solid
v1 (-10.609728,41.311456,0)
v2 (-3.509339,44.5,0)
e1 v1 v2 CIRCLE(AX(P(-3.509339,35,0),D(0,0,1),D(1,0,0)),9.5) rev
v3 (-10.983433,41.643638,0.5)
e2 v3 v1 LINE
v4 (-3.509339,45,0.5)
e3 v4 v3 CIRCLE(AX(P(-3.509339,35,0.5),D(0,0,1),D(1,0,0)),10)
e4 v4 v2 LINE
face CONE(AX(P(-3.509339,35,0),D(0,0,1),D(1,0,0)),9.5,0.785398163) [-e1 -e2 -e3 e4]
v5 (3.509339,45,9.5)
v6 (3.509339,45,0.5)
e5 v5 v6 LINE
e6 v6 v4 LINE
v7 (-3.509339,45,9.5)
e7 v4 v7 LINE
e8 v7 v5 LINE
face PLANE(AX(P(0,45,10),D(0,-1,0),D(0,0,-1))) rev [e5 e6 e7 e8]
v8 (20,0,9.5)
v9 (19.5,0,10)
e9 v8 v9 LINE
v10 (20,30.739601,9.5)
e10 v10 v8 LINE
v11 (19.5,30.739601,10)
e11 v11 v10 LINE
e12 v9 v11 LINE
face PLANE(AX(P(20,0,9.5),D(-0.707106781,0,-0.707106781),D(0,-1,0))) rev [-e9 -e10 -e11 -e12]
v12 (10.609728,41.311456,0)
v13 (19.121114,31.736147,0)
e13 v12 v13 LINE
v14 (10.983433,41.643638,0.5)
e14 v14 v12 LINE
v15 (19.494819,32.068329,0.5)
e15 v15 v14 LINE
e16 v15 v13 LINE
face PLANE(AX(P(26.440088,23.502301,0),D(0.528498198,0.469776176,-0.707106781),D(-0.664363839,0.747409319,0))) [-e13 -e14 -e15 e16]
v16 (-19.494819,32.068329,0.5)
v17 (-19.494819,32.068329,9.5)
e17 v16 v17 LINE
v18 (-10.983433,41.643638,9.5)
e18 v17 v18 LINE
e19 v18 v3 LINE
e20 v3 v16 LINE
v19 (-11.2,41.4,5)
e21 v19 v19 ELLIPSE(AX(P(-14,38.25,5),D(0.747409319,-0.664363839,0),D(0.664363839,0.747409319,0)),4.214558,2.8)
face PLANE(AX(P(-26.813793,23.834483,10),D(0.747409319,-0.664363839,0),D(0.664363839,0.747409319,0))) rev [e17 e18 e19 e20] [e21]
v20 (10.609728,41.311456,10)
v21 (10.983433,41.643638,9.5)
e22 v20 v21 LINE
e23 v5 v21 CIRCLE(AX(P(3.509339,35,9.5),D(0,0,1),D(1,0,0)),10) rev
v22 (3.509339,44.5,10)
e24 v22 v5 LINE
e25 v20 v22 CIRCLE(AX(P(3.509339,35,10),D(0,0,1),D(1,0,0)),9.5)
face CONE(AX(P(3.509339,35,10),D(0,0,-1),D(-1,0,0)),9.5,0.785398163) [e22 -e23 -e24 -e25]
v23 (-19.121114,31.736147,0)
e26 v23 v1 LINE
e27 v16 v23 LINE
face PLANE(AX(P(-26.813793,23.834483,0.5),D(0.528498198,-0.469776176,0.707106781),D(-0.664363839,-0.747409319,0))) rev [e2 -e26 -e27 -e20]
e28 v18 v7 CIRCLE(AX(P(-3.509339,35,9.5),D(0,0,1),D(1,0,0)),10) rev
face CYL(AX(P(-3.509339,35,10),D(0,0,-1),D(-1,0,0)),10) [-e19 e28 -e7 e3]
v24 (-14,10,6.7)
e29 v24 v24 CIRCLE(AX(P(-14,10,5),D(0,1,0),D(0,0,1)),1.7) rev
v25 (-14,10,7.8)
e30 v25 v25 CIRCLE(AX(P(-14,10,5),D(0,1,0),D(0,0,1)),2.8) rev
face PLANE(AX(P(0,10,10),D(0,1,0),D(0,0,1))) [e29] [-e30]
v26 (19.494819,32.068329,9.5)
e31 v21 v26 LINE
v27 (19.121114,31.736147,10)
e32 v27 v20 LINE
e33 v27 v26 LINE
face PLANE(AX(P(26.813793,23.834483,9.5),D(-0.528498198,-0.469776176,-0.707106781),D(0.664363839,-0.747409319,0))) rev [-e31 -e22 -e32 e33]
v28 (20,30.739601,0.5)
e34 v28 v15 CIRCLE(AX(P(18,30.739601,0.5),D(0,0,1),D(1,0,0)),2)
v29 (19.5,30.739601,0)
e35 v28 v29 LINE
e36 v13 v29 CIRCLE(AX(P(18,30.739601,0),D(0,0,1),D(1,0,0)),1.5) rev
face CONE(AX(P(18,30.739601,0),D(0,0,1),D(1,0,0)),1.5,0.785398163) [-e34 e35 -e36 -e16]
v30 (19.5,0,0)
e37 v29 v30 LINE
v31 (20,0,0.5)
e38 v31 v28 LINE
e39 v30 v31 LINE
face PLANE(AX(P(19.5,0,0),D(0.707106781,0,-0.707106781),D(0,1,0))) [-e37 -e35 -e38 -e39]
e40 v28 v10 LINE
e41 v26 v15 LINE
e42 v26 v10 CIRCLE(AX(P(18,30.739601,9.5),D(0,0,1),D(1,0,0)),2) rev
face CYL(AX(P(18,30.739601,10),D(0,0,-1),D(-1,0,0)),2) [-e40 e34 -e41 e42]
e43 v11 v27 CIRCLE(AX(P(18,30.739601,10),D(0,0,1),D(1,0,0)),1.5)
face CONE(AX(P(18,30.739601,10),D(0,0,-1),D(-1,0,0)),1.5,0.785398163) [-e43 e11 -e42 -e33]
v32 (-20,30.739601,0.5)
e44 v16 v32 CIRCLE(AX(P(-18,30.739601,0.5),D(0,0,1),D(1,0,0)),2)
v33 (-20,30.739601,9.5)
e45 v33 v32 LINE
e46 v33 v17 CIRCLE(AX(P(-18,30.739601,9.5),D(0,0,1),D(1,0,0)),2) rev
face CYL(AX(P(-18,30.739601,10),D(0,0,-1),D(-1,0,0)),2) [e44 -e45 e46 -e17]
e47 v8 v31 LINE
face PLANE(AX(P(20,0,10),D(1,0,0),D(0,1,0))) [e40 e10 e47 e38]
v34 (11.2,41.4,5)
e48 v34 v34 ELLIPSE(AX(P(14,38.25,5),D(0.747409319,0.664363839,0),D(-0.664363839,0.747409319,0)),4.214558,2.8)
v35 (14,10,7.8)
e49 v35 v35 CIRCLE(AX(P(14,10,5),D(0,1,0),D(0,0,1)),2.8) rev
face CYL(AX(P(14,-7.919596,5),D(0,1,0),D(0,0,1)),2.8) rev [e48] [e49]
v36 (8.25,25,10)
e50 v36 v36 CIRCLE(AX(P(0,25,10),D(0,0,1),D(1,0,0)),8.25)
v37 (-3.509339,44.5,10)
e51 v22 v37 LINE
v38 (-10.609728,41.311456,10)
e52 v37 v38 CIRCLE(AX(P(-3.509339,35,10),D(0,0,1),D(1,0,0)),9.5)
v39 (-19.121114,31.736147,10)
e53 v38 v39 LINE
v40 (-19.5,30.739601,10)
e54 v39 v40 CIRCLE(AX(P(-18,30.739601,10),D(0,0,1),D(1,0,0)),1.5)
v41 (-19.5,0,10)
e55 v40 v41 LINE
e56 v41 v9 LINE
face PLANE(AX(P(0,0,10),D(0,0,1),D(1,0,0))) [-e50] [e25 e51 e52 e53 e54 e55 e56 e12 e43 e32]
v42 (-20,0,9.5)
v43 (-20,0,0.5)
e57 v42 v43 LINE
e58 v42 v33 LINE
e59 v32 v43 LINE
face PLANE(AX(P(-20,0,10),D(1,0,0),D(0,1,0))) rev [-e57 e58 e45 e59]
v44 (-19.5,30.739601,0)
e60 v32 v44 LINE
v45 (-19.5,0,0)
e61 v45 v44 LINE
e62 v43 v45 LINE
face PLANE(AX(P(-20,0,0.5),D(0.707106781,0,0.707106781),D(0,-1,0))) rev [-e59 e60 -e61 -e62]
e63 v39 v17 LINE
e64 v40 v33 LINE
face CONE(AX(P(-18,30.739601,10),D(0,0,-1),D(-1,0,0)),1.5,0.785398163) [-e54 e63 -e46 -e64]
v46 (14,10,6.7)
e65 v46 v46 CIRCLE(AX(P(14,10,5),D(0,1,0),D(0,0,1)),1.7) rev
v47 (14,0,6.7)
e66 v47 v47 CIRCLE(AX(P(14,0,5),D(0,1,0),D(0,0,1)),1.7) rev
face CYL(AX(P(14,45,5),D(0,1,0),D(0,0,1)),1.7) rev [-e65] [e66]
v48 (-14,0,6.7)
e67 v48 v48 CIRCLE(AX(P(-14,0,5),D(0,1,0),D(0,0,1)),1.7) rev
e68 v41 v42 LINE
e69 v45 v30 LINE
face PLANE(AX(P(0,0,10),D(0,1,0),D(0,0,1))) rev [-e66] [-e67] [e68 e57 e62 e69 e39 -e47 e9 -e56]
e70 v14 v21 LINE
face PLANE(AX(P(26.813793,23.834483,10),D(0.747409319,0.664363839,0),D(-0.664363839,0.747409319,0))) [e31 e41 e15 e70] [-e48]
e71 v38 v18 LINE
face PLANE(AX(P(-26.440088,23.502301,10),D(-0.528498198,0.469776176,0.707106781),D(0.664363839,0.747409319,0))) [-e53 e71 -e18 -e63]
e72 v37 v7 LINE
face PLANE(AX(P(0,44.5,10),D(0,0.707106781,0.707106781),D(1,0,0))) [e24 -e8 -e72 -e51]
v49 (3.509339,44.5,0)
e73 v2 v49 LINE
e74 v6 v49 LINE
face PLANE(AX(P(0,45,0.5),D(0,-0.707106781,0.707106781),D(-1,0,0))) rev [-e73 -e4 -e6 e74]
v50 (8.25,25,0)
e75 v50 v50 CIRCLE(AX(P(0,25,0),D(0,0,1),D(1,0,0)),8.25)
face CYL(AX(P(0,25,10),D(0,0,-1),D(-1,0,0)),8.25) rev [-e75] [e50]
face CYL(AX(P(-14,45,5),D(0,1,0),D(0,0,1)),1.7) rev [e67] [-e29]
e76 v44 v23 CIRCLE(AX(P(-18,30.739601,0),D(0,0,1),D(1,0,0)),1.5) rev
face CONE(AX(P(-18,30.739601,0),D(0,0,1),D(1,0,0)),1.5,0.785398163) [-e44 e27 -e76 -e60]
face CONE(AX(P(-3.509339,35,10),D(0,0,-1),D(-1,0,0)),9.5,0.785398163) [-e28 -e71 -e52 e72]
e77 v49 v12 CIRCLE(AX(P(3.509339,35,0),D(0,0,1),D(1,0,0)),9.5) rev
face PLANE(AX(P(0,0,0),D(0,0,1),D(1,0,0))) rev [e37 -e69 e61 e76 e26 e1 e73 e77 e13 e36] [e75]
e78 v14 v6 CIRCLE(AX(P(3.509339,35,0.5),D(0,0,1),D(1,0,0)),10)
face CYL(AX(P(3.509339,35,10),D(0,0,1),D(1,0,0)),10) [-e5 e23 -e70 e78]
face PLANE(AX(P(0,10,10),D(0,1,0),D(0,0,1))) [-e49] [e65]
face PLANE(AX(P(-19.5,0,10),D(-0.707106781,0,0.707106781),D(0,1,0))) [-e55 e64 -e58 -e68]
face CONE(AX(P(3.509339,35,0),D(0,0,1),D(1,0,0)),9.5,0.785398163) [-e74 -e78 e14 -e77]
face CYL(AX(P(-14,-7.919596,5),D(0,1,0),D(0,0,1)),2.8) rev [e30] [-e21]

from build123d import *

# Parameters (mm, degrees)
SKETCH1_R            = 8.25
BOSS_EXTRUDE1_DEPTH  = 10
M3_CLEARANCE_HOLE1_D = 3.4
SKETCH2_R            = 2.8
CUT_EXTRUDE1_DEPTH   = 35
FILLET1_R            = 10
FILLET2_R            = 2
CHAMFER1_SIZE        = 0.5


with BuildPart() as part:
    # Sketch1 → Boss-Extrude1 (new body)
    with BuildSketch(Plane.XY):
        Polygon((8, 45), (-8, 45), (-20, 31.5), (-20, 0), (20, 0), (20, 31.5), align=None)
        with Locations((0, 25)):
            Circle(SKETCH1_R, mode=Mode.SUBTRACT)
    extrude(amount=BOSS_EXTRUDE1_DEPTH)

    # M3 Clearance Hole1 (through all)
    with Locations(Plane(origin=(-14, 45, 5), x_dir=(0, 0, 1), z_dir=(0, 1, 0))):
        with Locations((0, 0), (0, 28)):
            Hole(M3_CLEARANCE_HOLE1_D / 2)

    # Sketch2 → Cut-Extrude1 (cut)
    with BuildSketch(Plane(origin=(0, 45, 0), x_dir=(1, 0, 0), z_dir=(0, 1, 0))):
        with Locations((14, -5)):
            Circle(SKETCH2_R)
        with Locations((-14, -5)):
            Circle(SKETCH2_R)
    extrude(amount=-CUT_EXTRUDE1_DEPTH, mode=Mode.SUBTRACT)

    # Fillet1
    fillet1_edges = [part.edges().sort_by_distance(p)[0] for p in [
        (-8, 45, 5),
        (8, 45, 5),
    ]]
    fillet(fillet1_edges, radius=FILLET1_R)

    # Fillet2
    fillet2_edges = [part.edges().sort_by_distance(p)[0] for p in [
        (-20, 31.5, 5),
        (20, 31.5, 5),
    ]]
    fillet(fillet2_edges, radius=FILLET2_R)

    # Chamfer1
    chamfer1_edges = [part.edges().sort_by_distance(p)[0] for p in [
        (-15.239125591, 36.855983711, 0),
        (-15.239125591, 36.855983711, 10),
        (0, 45, 0),
        (15.239125591, 36.855983711, 0),
        (7.605899873, 44.122400558, 0),
        (-7.605899873, 44.122400558, 0),
        (0, 45, 10),
        (15.239125591, 36.855983711, 10),
        (7.605899873, 44.122400558, 10),
        (-7.605899873, 44.122400558, 10),
        (-20, 15.369800678, 0),
        (-20, 15.369800678, 10),
        (20, 15.369800678, 0),
        (19.869443403, 31.45036247, 0),
        (-19.869443403, 31.45036247, 0),
        (20, 15.369800678, 10),
        (19.869443403, 31.45036247, 10),
        (-19.869443403, 31.45036247, 10),
    ]]
    chamfer(chamfer1_edges, length=CHAMFER1_SIZE)


solid = part.part
